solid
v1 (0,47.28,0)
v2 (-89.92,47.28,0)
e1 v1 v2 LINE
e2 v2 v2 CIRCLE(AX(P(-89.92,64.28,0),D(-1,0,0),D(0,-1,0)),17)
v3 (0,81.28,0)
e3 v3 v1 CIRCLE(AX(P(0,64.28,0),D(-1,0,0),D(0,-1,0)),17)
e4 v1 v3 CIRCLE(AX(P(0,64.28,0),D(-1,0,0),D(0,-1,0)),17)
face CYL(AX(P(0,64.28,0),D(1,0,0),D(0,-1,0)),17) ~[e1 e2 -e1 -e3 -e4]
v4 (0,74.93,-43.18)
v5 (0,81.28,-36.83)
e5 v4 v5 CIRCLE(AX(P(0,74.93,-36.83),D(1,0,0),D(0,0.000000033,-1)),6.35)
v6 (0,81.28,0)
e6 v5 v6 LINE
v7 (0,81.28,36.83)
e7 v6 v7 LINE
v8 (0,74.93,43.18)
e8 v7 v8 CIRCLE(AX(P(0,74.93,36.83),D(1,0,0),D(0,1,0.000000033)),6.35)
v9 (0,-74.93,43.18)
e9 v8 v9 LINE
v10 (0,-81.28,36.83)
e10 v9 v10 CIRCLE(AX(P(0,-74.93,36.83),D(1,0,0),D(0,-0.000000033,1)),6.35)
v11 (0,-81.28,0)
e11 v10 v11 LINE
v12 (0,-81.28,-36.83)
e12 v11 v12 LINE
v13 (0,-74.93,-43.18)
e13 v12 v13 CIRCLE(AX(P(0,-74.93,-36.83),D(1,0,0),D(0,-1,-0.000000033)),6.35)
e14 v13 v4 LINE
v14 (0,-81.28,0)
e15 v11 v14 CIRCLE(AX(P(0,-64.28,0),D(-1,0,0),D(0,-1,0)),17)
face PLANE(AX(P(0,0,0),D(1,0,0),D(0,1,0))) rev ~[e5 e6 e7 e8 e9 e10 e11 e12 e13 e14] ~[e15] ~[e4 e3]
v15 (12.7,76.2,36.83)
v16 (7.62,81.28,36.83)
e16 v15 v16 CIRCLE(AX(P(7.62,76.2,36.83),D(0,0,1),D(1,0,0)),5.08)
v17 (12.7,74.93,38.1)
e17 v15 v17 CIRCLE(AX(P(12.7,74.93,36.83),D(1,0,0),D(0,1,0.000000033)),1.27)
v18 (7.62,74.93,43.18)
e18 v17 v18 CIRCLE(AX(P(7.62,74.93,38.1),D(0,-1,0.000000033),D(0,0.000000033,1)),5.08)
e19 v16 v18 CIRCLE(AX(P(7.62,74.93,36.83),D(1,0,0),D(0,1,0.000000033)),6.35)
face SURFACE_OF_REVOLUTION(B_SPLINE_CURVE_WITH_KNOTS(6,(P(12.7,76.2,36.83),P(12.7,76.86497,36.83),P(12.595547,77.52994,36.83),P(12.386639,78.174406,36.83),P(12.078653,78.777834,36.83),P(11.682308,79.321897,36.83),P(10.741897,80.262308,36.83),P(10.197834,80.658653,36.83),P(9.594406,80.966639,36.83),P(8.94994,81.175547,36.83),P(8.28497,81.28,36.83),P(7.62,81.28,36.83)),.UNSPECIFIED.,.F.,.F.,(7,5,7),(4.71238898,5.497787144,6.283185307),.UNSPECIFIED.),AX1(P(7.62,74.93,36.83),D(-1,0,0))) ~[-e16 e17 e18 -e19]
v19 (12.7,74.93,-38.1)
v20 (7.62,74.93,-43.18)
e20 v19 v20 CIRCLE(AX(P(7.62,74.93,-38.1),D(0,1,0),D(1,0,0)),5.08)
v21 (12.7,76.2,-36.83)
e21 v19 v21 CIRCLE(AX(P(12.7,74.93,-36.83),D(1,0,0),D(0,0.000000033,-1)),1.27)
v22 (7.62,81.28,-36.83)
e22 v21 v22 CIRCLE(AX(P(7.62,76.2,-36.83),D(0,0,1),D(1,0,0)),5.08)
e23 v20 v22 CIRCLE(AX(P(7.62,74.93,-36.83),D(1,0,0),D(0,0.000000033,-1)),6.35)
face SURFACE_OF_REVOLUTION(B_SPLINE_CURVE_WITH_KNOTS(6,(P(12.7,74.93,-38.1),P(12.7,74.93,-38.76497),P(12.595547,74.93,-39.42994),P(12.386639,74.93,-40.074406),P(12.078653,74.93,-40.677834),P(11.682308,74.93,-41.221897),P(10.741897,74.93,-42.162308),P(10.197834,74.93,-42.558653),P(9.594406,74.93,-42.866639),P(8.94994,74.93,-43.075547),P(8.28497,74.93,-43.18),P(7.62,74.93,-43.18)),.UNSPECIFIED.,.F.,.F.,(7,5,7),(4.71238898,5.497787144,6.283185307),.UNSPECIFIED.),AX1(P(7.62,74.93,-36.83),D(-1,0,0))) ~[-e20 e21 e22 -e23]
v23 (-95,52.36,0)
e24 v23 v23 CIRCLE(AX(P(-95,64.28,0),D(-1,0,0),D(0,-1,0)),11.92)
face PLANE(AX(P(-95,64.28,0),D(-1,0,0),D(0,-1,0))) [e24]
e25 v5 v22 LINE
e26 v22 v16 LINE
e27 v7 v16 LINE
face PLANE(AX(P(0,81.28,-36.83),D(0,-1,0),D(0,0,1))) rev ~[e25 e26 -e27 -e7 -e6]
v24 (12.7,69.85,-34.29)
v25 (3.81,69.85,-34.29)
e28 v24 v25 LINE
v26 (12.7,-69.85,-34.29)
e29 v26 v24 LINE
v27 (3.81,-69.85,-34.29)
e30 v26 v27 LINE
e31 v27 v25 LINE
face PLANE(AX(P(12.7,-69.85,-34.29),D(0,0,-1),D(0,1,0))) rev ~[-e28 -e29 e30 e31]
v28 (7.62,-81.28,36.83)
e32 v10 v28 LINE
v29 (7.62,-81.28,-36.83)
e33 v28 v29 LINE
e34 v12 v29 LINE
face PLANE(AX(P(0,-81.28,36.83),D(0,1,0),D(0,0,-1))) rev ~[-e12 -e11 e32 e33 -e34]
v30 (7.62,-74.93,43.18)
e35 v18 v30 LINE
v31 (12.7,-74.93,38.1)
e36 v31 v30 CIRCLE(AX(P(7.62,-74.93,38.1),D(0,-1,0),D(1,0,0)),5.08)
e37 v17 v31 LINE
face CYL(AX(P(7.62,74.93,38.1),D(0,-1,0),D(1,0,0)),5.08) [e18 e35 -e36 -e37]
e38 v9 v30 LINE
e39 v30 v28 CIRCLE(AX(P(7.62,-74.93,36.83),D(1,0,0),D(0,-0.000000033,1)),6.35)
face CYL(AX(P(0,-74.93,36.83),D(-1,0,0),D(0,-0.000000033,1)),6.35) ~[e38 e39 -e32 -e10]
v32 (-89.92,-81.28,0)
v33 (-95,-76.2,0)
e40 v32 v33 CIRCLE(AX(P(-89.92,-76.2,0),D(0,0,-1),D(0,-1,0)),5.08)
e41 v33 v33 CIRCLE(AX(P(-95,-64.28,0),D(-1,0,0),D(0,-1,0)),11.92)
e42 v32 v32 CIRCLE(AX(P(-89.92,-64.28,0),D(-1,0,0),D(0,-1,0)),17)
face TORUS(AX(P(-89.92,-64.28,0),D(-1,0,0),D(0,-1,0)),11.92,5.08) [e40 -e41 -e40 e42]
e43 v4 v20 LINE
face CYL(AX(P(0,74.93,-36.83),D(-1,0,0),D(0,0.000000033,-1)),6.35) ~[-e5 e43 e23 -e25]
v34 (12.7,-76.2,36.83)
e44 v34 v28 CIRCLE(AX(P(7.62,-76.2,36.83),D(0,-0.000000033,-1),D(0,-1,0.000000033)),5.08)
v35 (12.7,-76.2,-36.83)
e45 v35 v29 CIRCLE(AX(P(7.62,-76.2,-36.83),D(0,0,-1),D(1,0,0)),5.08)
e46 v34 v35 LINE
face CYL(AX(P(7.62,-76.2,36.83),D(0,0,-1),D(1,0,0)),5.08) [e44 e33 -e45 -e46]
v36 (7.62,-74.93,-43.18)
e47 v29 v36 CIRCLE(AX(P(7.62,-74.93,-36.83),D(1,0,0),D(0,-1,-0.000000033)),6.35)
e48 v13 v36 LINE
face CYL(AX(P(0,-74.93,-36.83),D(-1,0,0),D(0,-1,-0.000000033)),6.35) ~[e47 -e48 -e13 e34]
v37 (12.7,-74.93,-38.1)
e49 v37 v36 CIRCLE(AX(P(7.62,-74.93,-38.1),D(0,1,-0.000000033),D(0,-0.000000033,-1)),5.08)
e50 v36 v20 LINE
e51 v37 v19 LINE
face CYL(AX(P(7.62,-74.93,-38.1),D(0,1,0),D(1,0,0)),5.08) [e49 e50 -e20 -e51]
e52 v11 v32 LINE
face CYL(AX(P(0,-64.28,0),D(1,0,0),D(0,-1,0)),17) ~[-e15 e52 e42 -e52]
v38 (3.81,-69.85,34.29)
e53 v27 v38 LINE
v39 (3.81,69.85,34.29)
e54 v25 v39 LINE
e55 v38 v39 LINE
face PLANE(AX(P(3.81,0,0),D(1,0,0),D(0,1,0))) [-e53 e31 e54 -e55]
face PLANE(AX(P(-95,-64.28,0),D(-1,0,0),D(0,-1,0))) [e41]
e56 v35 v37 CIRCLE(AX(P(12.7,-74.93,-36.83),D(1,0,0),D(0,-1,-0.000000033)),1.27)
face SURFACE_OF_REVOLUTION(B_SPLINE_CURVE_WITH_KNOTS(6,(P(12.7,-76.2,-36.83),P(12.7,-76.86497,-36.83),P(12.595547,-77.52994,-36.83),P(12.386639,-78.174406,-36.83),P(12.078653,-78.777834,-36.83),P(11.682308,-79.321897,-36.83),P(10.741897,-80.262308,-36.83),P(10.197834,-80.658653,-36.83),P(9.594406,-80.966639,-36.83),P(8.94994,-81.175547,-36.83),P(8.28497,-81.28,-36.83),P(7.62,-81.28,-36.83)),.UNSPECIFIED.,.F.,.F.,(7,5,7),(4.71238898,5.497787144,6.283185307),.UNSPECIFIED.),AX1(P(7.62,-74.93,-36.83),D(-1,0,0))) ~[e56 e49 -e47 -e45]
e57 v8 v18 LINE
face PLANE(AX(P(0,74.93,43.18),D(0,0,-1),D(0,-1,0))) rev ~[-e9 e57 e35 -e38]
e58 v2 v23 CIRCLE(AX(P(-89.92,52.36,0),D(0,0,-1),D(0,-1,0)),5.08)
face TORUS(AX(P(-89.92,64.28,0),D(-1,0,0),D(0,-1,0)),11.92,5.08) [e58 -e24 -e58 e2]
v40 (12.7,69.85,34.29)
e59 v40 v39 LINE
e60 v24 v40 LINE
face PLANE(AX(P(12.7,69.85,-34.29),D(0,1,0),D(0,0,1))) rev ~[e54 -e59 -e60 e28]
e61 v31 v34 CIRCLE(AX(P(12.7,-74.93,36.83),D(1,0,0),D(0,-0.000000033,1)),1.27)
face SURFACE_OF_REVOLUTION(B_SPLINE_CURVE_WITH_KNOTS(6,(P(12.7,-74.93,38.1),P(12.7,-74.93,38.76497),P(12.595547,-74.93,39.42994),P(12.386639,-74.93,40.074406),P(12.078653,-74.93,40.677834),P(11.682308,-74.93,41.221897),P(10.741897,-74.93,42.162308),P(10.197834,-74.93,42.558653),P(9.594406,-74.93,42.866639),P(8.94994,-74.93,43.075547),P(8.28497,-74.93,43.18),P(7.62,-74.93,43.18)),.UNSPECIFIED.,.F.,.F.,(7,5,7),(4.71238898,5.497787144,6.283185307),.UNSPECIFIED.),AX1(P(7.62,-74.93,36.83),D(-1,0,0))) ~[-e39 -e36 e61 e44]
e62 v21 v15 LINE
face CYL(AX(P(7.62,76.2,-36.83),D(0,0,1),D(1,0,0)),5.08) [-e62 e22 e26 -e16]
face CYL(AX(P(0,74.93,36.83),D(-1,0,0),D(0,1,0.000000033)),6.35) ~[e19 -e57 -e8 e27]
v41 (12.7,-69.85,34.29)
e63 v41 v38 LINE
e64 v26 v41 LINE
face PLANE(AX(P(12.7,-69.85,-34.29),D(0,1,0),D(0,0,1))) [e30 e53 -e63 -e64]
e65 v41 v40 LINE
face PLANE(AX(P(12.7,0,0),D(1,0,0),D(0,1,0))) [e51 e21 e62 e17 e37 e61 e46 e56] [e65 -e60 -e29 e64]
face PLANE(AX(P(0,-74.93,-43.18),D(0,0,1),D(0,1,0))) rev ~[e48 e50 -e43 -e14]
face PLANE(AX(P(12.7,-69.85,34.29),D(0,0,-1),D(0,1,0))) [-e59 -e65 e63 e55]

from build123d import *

# Parameters (mm, degrees)
F1_DEPTH = 12.7
F2_W     = 139.7
F2_H     = 68.58
F3_DEPTH = 8.89
F4_R     = 5.08
F5_R     = 17
F6_DEPTH = 95
F7_R     = 5.08


with BuildPart() as f1:
    # F0 (on Right) → F1 (new body)
    with BuildSketch(Plane.YZ):
        with BuildLine():
            Line((74.93, 43.18), (-74.93, 43.18))
            ThreePointArc((-74.93, 43.18), (-79.420128, 41.320128), (-81.28, 36.83))
            Line((-81.28, 36.83), (-81.28, -36.83))
            ThreePointArc((-81.28, -36.83), (-79.420128, -41.320128), (-74.93, -43.18))
            Line((-74.93, -43.18), (74.93, -43.18))
            ThreePointArc((74.93, -43.18), (79.420128, -41.320128), (81.28, -36.83))
            Line((81.28, -36.83), (81.28, 36.83))
            ThreePointArc((81.28, 36.83), (79.420128, 41.320128), (74.93, 43.18))
        make_face()
    extrude(amount=F1_DEPTH)

    # F2 (on face) → F3 (cut)
    with BuildSketch(Plane.YZ.offset(12.7)):
        Rectangle(F2_W, F2_H)
    extrude(amount=-F3_DEPTH, mode=Mode.SUBTRACT)

    # F4
    f4_edges = [f1.edges().sort_by_distance(p)[0] for p in [
        (12.7, 81.28, 0),
        (12.7, 0, 43.18),
        (12.7, -81.28, 0),
        (12.7, 0, -43.18),
    ]]
    fillet(f4_edges, radius=F4_R)

    # F5 (on face) → F6 (join)
    with BuildSketch(Plane(origin=(0, 0, 0), x_dir=(0, -1, 0), z_dir=(-1, 0, 0))):
        with Locations((-64.28, 0)):
            Circle(F5_R)
        with Locations((64.28, 0)):
            Circle(F5_R)
    extrude(amount=F6_DEPTH)

    # F7
    f7_edges = [f1.edges().sort_by_distance(p)[0] for p in [
        (-95, -47.28, 0),
        (-95, 81.28, 0),
    ]]
    fillet(f7_edges, radius=F7_R)


solid = f1.part
